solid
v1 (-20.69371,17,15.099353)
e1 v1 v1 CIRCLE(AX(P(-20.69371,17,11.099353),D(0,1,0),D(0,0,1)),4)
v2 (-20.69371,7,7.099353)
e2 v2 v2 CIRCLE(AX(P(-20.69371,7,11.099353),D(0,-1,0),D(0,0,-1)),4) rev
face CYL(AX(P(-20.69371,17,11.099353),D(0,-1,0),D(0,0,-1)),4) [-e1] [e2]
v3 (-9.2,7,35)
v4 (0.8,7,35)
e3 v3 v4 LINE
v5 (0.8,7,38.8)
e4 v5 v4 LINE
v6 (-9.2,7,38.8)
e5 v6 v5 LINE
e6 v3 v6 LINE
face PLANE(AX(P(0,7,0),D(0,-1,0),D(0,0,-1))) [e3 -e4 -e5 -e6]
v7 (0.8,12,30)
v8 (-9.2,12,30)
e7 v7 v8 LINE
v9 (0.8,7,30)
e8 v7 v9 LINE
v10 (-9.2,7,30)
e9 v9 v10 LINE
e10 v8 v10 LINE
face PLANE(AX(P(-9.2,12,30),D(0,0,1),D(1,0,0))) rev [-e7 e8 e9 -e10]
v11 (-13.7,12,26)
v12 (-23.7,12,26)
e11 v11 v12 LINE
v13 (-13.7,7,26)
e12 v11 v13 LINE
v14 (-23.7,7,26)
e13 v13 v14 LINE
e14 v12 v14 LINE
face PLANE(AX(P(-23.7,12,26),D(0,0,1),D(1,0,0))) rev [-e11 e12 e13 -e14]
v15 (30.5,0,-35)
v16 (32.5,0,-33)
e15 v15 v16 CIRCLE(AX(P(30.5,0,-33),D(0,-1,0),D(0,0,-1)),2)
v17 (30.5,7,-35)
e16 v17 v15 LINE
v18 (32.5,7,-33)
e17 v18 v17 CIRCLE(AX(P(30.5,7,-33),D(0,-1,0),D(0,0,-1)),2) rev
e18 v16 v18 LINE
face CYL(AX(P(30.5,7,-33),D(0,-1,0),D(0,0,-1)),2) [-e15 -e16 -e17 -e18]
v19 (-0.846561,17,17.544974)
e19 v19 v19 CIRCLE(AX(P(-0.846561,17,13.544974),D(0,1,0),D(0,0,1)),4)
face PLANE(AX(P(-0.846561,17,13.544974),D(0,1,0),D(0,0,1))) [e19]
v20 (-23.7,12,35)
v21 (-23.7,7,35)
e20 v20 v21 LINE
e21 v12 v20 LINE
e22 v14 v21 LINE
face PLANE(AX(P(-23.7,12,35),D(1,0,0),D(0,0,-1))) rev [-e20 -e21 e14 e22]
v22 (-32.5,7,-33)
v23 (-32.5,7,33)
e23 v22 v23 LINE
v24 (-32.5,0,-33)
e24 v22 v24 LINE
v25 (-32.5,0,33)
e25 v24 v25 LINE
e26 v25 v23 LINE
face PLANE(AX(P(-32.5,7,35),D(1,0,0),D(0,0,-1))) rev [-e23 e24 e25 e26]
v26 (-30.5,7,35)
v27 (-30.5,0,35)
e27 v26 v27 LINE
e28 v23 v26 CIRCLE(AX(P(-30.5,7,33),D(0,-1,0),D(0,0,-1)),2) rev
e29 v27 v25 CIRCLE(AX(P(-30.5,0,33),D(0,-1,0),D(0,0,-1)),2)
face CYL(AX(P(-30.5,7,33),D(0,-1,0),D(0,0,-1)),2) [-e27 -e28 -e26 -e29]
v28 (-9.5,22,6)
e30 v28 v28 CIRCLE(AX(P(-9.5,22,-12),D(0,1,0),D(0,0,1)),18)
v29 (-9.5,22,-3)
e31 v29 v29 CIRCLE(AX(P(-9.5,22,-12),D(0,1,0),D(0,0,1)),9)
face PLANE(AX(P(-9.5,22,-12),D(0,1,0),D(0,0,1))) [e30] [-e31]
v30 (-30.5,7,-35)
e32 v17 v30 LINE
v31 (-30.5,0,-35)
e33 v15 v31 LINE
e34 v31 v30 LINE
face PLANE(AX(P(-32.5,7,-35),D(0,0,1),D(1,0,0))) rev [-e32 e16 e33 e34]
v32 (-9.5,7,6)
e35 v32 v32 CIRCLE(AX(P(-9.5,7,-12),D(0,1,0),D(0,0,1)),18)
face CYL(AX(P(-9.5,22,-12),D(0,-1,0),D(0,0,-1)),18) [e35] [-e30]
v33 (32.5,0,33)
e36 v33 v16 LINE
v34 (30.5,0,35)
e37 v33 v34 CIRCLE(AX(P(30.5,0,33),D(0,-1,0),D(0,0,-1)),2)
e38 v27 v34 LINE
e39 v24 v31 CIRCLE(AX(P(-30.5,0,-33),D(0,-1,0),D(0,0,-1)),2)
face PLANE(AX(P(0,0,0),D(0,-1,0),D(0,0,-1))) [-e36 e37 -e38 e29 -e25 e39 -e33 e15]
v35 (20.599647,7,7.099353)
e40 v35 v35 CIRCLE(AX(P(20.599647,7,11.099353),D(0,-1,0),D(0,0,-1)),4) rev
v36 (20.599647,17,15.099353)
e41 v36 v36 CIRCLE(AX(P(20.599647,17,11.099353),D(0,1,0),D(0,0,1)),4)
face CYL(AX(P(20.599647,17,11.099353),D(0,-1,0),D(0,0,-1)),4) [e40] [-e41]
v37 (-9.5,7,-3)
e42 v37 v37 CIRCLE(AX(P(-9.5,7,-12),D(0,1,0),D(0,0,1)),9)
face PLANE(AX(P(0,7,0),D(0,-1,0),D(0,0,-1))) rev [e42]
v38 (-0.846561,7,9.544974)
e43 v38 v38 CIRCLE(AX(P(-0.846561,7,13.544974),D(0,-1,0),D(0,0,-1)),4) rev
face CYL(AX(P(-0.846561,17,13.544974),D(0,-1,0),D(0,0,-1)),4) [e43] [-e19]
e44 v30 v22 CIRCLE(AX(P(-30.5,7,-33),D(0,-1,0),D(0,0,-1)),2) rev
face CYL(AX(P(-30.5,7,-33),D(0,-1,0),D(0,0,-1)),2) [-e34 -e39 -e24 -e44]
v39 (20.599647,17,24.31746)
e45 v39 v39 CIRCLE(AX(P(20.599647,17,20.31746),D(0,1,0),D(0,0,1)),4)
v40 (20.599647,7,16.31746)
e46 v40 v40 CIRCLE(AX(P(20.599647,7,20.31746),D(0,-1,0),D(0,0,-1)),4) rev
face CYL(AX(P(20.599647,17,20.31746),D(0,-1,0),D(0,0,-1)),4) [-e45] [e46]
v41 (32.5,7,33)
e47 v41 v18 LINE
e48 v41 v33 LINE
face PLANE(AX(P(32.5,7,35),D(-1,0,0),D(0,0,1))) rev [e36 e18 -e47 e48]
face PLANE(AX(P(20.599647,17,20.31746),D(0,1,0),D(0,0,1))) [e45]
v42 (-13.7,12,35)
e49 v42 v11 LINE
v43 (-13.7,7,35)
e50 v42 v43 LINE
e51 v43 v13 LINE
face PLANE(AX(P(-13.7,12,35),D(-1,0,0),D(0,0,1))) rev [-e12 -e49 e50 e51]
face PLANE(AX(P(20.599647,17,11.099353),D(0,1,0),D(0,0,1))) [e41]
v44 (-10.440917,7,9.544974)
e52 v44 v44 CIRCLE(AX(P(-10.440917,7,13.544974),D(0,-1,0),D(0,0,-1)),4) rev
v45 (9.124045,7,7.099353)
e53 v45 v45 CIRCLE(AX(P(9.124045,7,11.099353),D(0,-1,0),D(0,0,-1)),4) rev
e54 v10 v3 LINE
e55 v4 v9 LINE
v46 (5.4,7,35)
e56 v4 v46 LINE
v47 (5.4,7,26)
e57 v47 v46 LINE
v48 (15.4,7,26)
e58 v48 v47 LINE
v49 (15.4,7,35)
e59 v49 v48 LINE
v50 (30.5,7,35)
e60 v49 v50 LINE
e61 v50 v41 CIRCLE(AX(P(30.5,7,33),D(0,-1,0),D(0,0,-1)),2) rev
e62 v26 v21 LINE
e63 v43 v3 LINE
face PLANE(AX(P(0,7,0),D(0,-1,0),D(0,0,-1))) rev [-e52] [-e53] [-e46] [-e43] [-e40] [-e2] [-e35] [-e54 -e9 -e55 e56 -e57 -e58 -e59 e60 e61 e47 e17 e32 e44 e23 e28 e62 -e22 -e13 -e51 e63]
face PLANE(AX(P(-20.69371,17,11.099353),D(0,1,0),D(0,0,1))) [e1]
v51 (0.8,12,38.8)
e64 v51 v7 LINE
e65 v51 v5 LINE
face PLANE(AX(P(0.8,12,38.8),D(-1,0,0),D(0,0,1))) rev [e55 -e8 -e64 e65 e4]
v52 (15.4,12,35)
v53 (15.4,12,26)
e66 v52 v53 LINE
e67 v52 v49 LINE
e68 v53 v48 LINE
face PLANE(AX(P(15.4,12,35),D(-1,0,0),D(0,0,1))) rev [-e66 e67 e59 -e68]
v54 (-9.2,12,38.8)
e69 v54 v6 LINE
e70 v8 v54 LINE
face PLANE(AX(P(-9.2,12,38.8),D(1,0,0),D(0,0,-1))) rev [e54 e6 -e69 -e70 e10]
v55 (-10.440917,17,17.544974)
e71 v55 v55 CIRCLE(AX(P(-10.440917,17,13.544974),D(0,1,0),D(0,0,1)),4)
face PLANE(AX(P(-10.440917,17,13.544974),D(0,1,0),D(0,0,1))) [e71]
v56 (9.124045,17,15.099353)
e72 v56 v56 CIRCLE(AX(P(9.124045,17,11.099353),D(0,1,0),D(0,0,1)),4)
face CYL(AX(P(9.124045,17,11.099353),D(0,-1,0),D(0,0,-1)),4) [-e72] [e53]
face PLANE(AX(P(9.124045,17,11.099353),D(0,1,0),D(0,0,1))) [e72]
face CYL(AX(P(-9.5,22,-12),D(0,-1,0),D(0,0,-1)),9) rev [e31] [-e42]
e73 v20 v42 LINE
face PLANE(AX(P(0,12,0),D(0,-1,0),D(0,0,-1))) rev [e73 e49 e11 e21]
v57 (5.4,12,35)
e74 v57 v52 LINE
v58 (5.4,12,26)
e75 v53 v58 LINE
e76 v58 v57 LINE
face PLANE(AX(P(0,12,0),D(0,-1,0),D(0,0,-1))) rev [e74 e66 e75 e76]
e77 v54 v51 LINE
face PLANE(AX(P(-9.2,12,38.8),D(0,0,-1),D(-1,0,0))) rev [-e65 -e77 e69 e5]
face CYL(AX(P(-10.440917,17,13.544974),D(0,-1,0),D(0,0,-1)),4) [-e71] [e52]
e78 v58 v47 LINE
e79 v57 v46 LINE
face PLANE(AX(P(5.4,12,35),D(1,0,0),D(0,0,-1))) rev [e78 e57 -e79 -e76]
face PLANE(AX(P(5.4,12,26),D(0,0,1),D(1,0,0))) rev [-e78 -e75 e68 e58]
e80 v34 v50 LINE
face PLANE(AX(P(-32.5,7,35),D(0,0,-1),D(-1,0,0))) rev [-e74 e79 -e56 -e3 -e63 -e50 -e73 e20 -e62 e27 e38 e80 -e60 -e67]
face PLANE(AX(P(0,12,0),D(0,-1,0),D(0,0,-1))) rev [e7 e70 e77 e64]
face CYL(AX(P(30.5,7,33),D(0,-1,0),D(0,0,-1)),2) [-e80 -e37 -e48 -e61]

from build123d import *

# Parameters (mm, degrees)
SKETCH_1_W      = 65
SKETCH_1_H      = 70
EXTRUDE_1_DEPTH = 7
FILLET_1_R      = 2
SKETCH_3_R      = 18
SKETCH_3_R_2    = 9
EXTRUDE_2_DEPTH = 15
SKETCH_4_R      = 4
EXTRUDE_3_DEPTH = 10
SKETCH_5_W      = 10
SKETCH_5_H      = 9
SKETCH_5_H_2    = 8.8
EXTRUDE_4_DEPTH = 5


with BuildPart() as part:
    # 草图1 → 凸台-拉伸1 (new body)
    with BuildSketch(Plane(origin=(0, 0, 0), x_dir=(1, 0, 0), z_dir=(0, 1, 0))):
        Rectangle(SKETCH_1_W, SKETCH_1_H)
    extrude(amount=EXTRUDE_1_DEPTH)

    # 圆角1
    fillet_1_edges = [part.edges().sort_by_distance(p)[0] for p in [
        (32.5, 3.5, 35),
        (-32.5, 3.5, 35),
        (-32.5, 3.5, -35),
        (32.5, 3.5, -35),
    ]]
    fillet(fillet_1_edges, radius=FILLET_1_R)

    # 草图3 → 凸台-拉伸2 (add)
    with BuildSketch(Plane(origin=(0, 7, 0), x_dir=(1, 0, 0), z_dir=(0, 1, 0))):
        with Locations(Location((-9.5, 12, 0), (0, 0, 270))):
            Circle(SKETCH_3_R)
        with Locations(Location((-9.5, 12, 0), (0, 0, 270))):
            Circle(SKETCH_3_R_2, mode=Mode.SUBTRACT)
    extrude(amount=EXTRUDE_2_DEPTH)

    # 草图4 → 凸台-拉伸3 (add)
    with BuildSketch(Plane(origin=(0, 7, 0), x_dir=(1, 0, 0), z_dir=(0, 1, 0))):
        with Locations(Location((-20.693709583, -11.099353322, 0), (0, 0, 90))):
            Circle(SKETCH_4_R)
        with Locations(Location((-10.440917108, -13.544973545, 0), (0, 0, 90))):
            Circle(SKETCH_4_R)
        with Locations(Location((9.12404468, -11.099353322, 0), (0, 0, 90))):
            Circle(SKETCH_4_R)
        with Locations(Location((20.599647266, -20.317460317, 0), (0, 0, 90))):
            Circle(SKETCH_4_R)
        with Locations(Location((-0.846560847, -13.544973545, 0), (0, 0, 90))):
            Circle(SKETCH_4_R)
        with Locations(Location((20.599647266, -11.099353322, 0), (0, 0, 90))):
            Circle(SKETCH_4_R)
    extrude(amount=EXTRUDE_3_DEPTH)

    # 草图5 → 凸台-拉伸4 (add)
    with BuildSketch(Plane(origin=(0, 7, 0), x_dir=(1, 0, 0), z_dir=(0, 1, 0))):
        with Locations((-18.7, -30.5)):
            Rectangle(SKETCH_5_W, SKETCH_5_H)
        with Locations((-4.2, -34.4)):
            Rectangle(SKETCH_5_W, SKETCH_5_H_2)
        with Locations((10.4, -30.5)):
            Rectangle(SKETCH_5_W, SKETCH_5_H)
    extrude(amount=EXTRUDE_4_DEPTH)


solid = part.part
